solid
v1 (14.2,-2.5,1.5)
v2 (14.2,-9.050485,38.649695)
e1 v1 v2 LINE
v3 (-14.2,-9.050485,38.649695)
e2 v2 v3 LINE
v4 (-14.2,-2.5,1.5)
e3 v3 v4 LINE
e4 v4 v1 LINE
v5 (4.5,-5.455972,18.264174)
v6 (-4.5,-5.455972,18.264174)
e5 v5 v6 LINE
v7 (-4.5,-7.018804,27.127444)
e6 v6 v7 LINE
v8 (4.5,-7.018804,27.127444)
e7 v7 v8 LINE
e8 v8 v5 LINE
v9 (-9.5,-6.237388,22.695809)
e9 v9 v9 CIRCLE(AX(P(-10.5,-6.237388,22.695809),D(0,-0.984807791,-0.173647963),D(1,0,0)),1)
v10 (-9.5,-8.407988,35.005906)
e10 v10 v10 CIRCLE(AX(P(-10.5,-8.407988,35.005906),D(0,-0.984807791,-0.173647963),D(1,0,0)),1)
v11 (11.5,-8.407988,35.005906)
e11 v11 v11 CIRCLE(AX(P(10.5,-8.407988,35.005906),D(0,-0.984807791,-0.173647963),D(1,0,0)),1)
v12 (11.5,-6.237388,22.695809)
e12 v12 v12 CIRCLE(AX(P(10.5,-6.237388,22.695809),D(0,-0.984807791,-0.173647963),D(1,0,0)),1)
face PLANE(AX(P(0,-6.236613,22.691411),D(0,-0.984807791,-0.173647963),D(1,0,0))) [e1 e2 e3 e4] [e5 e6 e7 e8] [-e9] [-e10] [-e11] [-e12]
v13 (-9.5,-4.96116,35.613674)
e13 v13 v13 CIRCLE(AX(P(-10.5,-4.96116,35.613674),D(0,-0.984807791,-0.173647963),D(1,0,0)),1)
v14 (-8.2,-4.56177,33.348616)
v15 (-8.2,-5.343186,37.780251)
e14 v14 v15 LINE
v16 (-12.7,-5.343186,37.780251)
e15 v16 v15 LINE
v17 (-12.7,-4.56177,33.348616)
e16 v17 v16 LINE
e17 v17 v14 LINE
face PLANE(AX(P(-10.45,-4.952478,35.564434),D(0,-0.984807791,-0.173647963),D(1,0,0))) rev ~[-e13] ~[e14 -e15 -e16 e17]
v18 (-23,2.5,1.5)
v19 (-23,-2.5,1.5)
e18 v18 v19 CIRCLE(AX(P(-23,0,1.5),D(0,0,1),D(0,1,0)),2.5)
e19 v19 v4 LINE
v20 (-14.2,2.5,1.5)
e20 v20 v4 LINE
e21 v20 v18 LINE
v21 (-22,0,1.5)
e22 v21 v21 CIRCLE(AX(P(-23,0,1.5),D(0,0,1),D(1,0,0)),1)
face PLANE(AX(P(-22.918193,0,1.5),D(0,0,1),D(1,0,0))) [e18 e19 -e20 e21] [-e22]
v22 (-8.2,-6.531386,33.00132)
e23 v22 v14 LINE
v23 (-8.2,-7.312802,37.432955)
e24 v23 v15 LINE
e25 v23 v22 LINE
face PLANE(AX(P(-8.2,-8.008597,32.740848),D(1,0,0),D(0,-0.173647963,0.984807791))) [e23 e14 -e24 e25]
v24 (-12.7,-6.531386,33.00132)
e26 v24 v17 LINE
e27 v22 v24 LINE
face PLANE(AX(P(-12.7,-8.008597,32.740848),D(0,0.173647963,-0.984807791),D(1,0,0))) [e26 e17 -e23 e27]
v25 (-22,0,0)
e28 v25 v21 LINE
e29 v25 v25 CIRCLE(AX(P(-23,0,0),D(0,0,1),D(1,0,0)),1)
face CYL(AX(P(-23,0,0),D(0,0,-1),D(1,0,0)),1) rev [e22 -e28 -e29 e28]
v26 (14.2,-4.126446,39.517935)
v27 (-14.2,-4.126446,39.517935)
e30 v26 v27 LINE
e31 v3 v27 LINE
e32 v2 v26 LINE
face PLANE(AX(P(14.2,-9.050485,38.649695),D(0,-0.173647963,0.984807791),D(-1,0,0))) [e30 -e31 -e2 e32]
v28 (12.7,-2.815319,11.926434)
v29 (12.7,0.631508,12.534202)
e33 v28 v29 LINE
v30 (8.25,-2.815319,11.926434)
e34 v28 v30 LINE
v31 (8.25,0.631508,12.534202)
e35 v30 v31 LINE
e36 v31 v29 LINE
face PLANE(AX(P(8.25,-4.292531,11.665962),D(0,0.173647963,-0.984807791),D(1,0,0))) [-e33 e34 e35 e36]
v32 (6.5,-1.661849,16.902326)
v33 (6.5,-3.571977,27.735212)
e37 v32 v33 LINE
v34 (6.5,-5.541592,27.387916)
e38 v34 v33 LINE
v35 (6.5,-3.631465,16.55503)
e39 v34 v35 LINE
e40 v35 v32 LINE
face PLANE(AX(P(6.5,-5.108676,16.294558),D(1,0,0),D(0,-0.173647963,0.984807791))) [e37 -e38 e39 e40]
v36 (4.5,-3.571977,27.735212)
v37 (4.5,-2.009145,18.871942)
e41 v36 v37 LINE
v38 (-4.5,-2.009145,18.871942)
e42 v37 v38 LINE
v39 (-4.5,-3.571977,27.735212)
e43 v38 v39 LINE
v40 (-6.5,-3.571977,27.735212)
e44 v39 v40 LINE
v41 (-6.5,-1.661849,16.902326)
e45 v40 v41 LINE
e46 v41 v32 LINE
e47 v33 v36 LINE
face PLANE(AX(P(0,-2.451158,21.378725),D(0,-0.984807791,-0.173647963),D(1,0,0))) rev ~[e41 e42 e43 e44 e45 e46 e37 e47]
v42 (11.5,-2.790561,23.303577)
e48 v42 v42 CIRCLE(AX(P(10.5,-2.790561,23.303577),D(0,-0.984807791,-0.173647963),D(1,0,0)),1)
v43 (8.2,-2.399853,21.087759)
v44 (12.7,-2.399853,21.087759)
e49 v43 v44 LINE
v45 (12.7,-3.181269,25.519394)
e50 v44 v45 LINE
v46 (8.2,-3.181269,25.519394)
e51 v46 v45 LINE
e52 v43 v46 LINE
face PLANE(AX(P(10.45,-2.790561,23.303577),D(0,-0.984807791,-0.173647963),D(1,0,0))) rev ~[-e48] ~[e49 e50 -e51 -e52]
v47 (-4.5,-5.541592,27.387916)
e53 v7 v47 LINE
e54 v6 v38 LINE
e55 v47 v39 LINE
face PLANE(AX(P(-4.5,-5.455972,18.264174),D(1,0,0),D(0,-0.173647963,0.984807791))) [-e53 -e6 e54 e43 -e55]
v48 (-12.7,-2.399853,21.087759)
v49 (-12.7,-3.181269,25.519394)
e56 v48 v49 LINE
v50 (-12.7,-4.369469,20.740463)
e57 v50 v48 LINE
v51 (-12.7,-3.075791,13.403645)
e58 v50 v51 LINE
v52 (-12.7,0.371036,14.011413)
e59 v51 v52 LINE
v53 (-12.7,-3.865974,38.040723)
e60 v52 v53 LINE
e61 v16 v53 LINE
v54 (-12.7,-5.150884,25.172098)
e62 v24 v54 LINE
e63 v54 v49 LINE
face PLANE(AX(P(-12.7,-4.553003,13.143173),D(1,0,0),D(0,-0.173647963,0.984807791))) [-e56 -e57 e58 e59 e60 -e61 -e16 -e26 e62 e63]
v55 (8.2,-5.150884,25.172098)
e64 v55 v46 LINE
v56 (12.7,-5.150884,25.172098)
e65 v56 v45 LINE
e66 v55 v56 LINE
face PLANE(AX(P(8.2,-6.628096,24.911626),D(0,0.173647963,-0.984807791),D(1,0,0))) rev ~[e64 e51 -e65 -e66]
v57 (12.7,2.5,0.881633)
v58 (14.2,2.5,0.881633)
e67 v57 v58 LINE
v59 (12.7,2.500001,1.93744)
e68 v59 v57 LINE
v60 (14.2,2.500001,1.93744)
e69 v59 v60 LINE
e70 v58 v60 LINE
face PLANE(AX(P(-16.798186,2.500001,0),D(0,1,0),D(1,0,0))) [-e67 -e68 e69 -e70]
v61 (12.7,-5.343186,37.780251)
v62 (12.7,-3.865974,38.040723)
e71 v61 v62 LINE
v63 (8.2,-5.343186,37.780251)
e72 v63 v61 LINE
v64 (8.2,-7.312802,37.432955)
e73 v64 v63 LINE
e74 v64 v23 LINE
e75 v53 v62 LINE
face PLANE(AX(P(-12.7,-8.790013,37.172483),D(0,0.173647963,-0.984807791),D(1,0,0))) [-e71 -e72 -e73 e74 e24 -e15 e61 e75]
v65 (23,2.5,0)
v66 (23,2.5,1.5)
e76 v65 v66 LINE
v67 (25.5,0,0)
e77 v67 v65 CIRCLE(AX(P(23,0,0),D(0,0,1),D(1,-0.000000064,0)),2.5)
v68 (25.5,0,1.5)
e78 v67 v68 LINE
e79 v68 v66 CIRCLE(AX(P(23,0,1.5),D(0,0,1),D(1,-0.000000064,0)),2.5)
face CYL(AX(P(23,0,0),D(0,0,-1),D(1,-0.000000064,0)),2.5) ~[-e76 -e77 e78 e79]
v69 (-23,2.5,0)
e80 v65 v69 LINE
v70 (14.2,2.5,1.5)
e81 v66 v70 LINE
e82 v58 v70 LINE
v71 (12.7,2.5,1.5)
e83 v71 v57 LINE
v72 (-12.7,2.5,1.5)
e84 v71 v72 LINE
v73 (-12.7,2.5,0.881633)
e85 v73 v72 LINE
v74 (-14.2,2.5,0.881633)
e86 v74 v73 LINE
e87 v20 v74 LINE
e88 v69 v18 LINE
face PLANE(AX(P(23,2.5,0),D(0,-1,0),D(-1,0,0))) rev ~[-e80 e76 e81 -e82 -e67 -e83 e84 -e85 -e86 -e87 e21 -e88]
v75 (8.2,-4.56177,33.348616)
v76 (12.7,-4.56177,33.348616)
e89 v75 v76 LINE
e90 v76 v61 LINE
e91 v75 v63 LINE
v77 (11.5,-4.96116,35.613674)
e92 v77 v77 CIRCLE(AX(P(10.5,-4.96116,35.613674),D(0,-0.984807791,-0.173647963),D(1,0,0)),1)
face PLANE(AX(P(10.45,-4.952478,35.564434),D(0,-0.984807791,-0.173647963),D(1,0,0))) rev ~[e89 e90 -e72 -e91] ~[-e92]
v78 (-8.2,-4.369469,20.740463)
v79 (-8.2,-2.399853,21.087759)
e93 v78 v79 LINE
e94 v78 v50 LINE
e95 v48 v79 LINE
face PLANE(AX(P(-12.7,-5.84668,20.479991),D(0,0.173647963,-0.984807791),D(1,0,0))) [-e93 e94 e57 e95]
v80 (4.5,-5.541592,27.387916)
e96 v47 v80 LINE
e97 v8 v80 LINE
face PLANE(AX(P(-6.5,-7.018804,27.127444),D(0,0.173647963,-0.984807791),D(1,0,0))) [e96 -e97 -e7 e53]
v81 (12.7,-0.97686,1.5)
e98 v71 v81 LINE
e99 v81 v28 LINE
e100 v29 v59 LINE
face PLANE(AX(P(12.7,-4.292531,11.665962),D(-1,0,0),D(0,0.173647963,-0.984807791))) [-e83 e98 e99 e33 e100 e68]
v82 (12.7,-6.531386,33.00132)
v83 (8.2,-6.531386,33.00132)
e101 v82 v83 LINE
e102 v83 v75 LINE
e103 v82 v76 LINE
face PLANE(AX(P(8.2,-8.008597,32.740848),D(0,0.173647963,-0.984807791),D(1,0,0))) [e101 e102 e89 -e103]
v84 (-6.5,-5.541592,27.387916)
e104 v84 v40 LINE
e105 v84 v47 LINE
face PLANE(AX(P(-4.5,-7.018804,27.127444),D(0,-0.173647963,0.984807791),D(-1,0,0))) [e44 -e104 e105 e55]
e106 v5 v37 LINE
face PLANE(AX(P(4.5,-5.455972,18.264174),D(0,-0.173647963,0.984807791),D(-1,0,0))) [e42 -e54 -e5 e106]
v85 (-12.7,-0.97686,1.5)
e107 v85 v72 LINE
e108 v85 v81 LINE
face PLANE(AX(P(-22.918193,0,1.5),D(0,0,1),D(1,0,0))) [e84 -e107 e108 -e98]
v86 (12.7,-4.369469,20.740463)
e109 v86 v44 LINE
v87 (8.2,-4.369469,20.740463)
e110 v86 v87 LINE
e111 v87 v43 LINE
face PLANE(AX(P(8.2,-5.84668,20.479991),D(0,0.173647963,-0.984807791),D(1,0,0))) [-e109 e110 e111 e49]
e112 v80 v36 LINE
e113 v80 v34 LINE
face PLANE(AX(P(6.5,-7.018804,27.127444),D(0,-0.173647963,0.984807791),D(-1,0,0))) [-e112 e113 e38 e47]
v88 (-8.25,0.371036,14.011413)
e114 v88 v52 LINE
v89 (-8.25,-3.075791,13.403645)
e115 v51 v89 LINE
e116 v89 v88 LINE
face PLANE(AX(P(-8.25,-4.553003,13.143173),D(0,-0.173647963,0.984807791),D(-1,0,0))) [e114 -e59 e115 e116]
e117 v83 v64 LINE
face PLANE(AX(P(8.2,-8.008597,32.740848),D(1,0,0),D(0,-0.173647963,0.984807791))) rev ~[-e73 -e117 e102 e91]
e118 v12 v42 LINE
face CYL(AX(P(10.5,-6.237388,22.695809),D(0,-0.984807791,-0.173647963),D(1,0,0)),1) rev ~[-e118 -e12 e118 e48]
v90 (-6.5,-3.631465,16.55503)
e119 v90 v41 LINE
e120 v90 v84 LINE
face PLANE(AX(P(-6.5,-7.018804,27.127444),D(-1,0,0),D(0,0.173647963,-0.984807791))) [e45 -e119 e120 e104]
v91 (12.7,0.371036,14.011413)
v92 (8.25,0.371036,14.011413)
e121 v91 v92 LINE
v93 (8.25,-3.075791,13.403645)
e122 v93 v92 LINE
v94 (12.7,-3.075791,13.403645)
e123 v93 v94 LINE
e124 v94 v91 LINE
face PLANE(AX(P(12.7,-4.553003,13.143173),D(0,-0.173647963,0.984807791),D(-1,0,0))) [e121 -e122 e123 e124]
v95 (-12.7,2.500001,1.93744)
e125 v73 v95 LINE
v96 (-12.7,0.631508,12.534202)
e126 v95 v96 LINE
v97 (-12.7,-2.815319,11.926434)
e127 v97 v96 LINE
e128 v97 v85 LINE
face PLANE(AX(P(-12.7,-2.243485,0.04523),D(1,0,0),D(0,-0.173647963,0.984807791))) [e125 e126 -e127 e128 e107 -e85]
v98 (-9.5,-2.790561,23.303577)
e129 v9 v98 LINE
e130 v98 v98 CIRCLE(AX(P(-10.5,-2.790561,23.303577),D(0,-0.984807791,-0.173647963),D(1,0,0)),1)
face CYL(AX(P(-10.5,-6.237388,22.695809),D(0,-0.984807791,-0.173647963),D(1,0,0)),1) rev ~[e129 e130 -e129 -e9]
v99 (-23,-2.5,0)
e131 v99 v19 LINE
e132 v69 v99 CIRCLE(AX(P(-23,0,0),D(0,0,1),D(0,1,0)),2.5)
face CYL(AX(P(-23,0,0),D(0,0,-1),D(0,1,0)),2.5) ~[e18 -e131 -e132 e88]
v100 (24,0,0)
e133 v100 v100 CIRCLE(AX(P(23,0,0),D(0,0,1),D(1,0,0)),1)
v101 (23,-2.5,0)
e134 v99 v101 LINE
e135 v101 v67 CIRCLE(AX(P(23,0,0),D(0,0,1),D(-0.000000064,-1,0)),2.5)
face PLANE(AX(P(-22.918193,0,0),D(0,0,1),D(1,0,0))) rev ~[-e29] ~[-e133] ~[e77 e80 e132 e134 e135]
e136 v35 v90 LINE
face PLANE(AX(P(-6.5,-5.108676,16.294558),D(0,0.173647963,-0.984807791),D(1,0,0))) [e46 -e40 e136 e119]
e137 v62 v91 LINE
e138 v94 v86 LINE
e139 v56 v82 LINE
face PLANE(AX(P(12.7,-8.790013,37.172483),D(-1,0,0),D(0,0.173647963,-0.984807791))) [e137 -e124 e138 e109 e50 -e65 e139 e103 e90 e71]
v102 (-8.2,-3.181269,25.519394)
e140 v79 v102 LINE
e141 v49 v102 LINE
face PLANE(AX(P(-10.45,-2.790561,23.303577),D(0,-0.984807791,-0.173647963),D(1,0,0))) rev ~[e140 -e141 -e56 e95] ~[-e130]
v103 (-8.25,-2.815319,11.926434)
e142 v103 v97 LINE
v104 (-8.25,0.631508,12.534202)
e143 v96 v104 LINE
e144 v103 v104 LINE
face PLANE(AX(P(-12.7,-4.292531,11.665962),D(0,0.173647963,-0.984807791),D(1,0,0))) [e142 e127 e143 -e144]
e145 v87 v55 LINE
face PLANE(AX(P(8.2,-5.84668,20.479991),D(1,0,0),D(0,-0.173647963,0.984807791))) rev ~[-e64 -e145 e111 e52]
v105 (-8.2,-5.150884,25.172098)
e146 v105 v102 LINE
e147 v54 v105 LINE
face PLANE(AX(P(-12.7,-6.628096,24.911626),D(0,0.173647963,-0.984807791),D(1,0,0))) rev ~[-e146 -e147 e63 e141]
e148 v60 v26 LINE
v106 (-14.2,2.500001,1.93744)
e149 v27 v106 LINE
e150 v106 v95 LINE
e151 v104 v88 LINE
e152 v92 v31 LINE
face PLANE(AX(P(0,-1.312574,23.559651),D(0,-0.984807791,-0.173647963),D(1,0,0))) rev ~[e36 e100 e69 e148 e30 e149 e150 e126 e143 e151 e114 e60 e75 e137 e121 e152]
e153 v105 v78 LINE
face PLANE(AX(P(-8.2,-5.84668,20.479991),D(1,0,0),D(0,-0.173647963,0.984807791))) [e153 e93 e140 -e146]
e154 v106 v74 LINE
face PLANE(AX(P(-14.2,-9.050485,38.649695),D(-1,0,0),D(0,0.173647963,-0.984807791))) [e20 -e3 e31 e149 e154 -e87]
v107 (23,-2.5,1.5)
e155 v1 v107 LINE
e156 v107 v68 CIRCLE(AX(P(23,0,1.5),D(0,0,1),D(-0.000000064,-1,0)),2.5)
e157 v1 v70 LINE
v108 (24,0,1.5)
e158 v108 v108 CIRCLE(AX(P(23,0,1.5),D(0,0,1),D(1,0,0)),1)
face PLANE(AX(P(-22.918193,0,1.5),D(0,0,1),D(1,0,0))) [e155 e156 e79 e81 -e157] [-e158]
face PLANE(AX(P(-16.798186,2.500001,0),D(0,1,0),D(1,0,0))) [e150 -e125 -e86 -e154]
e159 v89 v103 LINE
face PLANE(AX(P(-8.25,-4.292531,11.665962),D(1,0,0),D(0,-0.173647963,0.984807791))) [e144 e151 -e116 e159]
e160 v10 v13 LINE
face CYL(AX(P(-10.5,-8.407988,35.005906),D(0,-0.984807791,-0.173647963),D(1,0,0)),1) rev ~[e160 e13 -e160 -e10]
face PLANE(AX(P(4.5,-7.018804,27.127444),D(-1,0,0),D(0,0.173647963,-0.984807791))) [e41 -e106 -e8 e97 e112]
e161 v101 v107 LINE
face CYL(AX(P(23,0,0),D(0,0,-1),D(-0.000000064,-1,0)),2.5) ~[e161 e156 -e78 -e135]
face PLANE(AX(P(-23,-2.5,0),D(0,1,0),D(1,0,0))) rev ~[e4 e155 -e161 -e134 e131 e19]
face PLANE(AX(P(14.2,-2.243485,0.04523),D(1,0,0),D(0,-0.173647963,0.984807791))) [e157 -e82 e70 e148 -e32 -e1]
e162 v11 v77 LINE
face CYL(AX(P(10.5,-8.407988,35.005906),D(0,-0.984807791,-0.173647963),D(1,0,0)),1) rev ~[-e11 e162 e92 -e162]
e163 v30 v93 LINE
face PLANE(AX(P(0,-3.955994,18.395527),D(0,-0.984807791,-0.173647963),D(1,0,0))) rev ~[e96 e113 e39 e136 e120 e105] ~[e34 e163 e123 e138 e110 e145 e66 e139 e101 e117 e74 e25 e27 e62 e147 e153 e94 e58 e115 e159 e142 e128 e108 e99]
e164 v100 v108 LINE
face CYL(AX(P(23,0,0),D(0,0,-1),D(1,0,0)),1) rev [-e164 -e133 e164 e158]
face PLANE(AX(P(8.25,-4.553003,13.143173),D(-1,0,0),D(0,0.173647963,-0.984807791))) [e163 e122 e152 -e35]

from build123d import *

# Parameters (mm, degrees)
F0_R     = 1
F1_DEPTH = 1.5
F4_DEPTH = 1.5
F5_DEPTH = 5
F3_W     = 4.5
F3_H     = 4.5
F3_R     = 1
F6_DEPTH = 3.5
F7_W     = 32.583123
F7_H     = 2.642157
F8_DEPTH = 14.8


with BuildPart() as f1:
    # F0 (on Top) → F1 (new body)
    with BuildSketch(Plane.XY):
        with BuildLine():
            ThreePointArc((-20.5, 0), (-21.232233, 1.767767), (-23, 2.5))
            ThreePointArc((-23, 2.5), (-25.5, 0), (-23, -2.5))
            ThreePointArc((-23, -2.5), (-21.232233, -1.767767), (-20.5, 0))
        make_face()
        with Locations((-23, 0)):
            Circle(F0_R, mode=Mode.SUBTRACT)
        with BuildLine():
            Line((23, 2.5), (-23, 2.5))
            ThreePointArc((-23, 2.5), (-21.232233, 1.767767), (-20.5, 0))
            ThreePointArc((-20.5, 0), (-21.232233, -1.767767), (-23, -2.5))
            Line((-23, -2.5), (23, -2.5))
            ThreePointArc((23, -2.5), (20.5, 0), (23, 2.5))
        make_face()
        with BuildLine():
            ThreePointArc((25.5, 0), (24.767767, 1.767767), (23, 2.5))
            ThreePointArc((23, 2.5), (20.5, 0), (23, -2.5))
            ThreePointArc((23, -2.5), (24.767767, -1.767767), (25.5, 0))
        make_face()
        with Locations((23, 0)):
            Circle(F0_R, mode=Mode.SUBTRACT)
    extrude(amount=F1_DEPTH)

    # F3 (on face) → F4 (join)
    with BuildSketch(Plane(origin=(0, -2.168101, -0.382295), x_dir=(1, 0, 0), z_dir=(0, -0.984808, -0.173648))):
        Polygon((8.2, 38.13412), (-8.2, 38.13412), (-8.2, 33.63412), (-12.7, 33.63412), (-12.7, 25.68412), (-8.2, 25.68412), (-8.2, 21.18412), (-12.7, 21.18412), (-12.7, 13.73412), (-8.25, 13.73412), (-8.25, 12.23412), (-12.7, 12.23412), (-12.7, 0.43412), (12.7, 0.43412), (12.7, 12.23412), (8.25, 12.23412), (8.25, 13.73412), (12.7, 13.73412), (12.7, 21.18412), (8.2, 21.18412), (8.2, 25.68412), (12.7, 25.68412), (12.7, 33.63412), (8.2, 33.63412), align=None)
        Polygon((-6.5, 27.93412), (-4.5, 27.93412), (4.5, 27.93412), (6.5, 27.93412), (6.5, 16.93412), (-6.5, 16.93412), align=None, mode=Mode.SUBTRACT)
    extrude(amount=-F4_DEPTH)

    # F3 (on face) → F5 (join)
    with BuildSketch(Plane(origin=(0, -2.168101, -0.382295), x_dir=(1, 0, 0), z_dir=(0, -0.984808, -0.173648))):
        Polygon((-12.7, 33.63412), (-12.7, 38.13412), (-8.2, 38.13412), (8.2, 38.13412), (12.7, 38.13412), (12.7, 33.63412), (12.7, 25.68412), (12.7, 21.18412), (12.7, 13.73412), (8.25, 13.73412), (8.25, 12.23412), (12.7, 12.23412), (12.7, 0.43412), (14.2, 0.43412), (14.2, 39.63412), (-14.2, 39.63412), (-14.2, 0.43412), (-12.7, 0.43412), (-12.7, 12.23412), (-8.25, 12.23412), (-8.25, 13.73412), (-12.7, 13.73412), (-12.7, 21.18412), (-12.7, 25.68412), align=None)
    extrude(amount=-F5_DEPTH)

    # F3 (on face) → F6 (join)
    with BuildSketch(Plane(origin=(0, -2.168101, -0.382295), x_dir=(1, 0, 0), z_dir=(0, -0.984808, -0.173648))):
        with Locations((-10.45, 35.88412)):
            Rectangle(F3_W, F3_H)
        with Locations((-10.5, 35.93412)):
            Circle(F3_R, mode=Mode.SUBTRACT)
        with Locations((10.45, 35.88412)):
            Rectangle(F3_W, F3_H)
        with Locations((10.5, 35.93412)):
            Circle(F3_R, mode=Mode.SUBTRACT)
        with Locations((10.45, 23.43412)):
            Rectangle(F3_W, F3_H)
        with Locations((10.5, 23.43412)):
            Circle(F3_R, mode=Mode.SUBTRACT)
        with Locations((-10.45, 23.43412)):
            Rectangle(F3_W, F3_H)
        with Locations((-10.5, 23.43412)):
            Circle(F3_R, mode=Mode.SUBTRACT)
        Polygon((-4.5, 18.93412), (-4.5, 27.93412), (-6.5, 27.93412), (-6.5, 16.93412), (6.5, 16.93412), (6.5, 27.93412), (4.5, 27.93412), (4.5, 18.93412), align=None)
    extrude(amount=-F6_DEPTH)

    # F7 (on face) → F8 (cut)
    with BuildSketch(Plane(origin=(0, 0, 0), x_dir=(1, 0, 0), z_dir=(0, 0, -1))):
        with Locations((-0.506625, -3.821079)):
            Rectangle(F7_W, F7_H)
    extrude(amount=-F8_DEPTH, mode=Mode.SUBTRACT)


solid = f1.part
